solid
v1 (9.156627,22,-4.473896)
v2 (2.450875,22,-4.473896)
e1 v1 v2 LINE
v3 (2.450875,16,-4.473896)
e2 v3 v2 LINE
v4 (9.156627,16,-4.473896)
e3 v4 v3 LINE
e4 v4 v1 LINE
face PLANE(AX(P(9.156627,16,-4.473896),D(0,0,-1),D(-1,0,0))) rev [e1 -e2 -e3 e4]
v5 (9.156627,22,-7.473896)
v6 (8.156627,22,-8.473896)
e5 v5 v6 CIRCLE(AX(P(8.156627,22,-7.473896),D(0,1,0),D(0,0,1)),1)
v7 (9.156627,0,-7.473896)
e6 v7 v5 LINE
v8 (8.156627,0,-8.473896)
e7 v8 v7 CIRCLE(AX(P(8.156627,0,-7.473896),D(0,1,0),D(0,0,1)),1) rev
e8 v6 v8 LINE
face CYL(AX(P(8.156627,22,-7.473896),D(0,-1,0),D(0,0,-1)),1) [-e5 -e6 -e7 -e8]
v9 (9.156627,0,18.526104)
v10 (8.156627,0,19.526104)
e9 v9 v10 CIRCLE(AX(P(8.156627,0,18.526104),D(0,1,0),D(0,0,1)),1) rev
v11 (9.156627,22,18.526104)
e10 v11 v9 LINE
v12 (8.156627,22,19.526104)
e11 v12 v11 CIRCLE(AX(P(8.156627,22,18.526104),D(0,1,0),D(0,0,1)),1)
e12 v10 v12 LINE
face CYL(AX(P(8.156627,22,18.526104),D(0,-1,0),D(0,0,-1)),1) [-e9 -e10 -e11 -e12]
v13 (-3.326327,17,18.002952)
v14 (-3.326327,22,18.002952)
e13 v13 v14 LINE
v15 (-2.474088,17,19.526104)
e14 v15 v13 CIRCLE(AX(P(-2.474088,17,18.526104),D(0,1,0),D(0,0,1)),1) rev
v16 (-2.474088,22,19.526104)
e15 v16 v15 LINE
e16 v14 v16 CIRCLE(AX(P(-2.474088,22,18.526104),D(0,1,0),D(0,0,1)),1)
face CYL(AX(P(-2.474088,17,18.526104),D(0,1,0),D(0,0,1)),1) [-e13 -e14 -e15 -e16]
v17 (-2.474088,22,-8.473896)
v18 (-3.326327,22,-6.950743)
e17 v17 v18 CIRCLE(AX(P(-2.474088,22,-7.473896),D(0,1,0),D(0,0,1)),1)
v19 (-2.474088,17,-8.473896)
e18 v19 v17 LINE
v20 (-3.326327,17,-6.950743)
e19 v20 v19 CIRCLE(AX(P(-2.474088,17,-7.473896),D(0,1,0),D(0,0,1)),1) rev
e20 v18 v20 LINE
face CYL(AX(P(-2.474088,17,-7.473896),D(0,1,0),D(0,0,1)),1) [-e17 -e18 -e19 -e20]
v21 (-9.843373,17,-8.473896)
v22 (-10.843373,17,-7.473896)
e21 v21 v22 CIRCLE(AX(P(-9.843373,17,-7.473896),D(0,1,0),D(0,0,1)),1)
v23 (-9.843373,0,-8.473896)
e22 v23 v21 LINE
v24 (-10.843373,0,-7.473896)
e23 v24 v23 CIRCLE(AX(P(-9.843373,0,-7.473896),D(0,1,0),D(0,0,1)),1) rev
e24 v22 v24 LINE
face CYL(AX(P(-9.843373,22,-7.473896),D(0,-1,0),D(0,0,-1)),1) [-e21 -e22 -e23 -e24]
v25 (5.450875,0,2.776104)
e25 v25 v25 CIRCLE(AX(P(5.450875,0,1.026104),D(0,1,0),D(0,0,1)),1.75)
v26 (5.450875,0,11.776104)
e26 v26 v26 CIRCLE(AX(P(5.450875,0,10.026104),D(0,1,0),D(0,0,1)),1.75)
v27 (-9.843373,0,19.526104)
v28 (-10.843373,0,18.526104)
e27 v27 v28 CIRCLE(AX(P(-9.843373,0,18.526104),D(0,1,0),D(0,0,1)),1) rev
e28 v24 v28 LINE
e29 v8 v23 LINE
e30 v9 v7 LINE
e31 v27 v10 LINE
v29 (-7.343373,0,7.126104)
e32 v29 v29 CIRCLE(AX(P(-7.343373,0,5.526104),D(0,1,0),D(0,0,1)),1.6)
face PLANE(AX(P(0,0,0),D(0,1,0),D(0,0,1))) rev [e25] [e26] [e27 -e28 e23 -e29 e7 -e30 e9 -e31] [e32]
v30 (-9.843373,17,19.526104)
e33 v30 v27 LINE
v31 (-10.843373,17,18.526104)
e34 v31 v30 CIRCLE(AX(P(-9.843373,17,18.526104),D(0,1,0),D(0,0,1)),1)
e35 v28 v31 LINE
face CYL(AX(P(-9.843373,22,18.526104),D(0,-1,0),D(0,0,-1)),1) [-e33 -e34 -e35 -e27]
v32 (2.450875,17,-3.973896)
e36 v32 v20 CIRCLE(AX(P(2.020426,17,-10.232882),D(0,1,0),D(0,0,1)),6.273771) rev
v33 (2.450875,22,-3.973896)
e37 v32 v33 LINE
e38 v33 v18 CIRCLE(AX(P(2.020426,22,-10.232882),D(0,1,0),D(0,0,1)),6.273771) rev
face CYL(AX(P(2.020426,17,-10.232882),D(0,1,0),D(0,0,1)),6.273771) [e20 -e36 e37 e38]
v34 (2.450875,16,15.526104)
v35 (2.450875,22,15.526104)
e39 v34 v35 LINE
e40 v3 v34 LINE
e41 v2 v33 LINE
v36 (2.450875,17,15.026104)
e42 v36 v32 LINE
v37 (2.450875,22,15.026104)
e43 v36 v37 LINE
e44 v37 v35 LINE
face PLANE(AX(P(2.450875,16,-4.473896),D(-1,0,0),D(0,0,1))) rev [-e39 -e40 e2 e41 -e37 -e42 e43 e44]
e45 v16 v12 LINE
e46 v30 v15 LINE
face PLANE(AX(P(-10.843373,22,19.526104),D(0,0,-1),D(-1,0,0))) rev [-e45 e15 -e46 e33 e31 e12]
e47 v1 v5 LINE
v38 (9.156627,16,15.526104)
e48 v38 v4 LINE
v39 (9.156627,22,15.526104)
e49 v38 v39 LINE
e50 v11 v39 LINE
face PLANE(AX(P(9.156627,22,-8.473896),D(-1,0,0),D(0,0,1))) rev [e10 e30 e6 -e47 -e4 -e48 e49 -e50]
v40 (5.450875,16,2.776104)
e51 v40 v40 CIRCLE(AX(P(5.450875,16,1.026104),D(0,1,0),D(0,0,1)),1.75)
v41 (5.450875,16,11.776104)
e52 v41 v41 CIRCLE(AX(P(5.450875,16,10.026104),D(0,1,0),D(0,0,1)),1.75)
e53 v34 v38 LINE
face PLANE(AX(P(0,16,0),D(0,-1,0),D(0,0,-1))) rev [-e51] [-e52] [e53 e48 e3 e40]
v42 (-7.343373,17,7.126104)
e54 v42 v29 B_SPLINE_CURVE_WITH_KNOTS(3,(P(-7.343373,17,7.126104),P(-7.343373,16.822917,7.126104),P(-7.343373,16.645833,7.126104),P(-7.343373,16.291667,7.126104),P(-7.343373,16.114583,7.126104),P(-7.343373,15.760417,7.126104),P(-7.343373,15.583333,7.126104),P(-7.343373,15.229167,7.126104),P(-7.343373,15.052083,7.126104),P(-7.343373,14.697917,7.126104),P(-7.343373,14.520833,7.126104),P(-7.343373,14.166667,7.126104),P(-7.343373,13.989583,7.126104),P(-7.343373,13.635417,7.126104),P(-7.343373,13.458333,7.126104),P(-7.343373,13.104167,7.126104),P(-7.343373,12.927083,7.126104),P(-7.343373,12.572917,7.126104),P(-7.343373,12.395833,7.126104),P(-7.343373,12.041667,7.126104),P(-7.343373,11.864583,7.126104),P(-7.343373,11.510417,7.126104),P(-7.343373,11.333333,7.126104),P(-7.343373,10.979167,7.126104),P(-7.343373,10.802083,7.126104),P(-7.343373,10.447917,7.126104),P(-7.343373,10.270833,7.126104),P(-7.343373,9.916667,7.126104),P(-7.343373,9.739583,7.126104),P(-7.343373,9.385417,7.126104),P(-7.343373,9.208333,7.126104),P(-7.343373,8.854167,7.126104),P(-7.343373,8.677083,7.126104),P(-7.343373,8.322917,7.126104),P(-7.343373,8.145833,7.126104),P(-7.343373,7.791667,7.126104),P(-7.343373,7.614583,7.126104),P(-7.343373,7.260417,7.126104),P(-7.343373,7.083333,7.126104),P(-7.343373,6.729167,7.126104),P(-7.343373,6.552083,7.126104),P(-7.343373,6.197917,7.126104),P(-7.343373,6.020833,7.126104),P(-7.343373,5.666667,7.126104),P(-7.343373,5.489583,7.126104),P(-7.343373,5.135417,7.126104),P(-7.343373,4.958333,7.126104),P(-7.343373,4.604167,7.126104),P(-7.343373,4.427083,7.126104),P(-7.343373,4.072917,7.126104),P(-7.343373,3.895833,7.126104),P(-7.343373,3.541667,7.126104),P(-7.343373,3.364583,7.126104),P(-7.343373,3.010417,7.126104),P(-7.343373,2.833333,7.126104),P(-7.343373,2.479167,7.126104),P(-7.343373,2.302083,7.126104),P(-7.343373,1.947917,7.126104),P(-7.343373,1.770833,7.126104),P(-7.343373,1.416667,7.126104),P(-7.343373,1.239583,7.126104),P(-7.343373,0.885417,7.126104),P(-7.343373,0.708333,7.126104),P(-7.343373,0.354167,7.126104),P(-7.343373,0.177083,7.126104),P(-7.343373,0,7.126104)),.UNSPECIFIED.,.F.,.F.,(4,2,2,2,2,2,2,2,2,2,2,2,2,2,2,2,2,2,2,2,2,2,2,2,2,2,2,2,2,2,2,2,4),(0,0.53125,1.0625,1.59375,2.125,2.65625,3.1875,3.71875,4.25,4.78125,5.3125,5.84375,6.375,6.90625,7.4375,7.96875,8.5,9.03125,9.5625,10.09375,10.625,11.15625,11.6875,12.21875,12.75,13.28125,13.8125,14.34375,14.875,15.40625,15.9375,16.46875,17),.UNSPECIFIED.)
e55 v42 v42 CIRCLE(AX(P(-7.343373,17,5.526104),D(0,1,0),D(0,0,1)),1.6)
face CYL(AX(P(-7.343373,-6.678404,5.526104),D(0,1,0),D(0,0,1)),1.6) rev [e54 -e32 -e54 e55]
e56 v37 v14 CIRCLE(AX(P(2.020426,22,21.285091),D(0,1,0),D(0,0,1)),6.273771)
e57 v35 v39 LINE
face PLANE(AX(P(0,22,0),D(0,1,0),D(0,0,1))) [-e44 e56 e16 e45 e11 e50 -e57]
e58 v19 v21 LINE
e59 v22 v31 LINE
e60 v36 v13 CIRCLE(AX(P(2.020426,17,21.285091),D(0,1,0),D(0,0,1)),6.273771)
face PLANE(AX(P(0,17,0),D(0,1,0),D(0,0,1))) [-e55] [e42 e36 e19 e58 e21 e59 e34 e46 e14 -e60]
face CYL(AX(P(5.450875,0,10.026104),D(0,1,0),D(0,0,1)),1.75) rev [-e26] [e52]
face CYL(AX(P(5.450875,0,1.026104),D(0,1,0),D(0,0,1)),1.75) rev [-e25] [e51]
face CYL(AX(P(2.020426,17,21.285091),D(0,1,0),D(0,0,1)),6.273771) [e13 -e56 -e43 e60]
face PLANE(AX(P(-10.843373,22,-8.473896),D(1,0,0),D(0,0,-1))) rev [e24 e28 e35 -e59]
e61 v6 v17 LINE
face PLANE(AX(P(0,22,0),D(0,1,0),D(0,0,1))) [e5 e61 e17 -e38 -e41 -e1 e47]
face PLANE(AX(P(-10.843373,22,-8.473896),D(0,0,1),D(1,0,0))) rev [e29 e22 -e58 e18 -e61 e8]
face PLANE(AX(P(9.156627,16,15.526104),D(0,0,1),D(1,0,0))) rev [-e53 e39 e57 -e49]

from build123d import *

# Parameters (mm, degrees)
CROQUIS2_W              = 20
CROQUIS2_H              = 28
SALIENTE_EXTRUIR1_DEPTH = 22
CROQUIS3_W              = 6.705751287
CROQUIS3_H              = 20
CORTAR_EXTRUIR1_DEPTH   = 6
CORTAR_EXTRUIR2_DEPTH   = 5
CROQUIS6_R              = 1.6
CORTAR_EXTRUIR3_DEPTH   = 23.678404419
REDONDEO1_R             = 1
SKETCH1_R               = 1.75
CUT_EXTRUDE1_DEPTH      = 28.474488211


with BuildPart() as part:
    # Croquis2 → Saliente-Extruir1 (new body)
    with BuildSketch(Plane(origin=(0, 0, 0), x_dir=(1, 0, 0), z_dir=(0, 1, 0))):
        with Locations((-0.843373494, -5.526104418)):
            Rectangle(CROQUIS2_W, CROQUIS2_H)
    extrude(amount=SALIENTE_EXTRUIR1_DEPTH)

    # Croquis3 → Cortar-Extruir1 (cut)
    with BuildSketch(Plane(origin=(0, 22, 0), x_dir=(1, 0, 0), z_dir=(0, 1, 0))):
        with Locations((5.803750863, -5.526104418)):
            Rectangle(CROQUIS3_W, CROQUIS3_H)
    extrude(amount=-CORTAR_EXTRUIR1_DEPTH, mode=Mode.SUBTRACT)

    # Croquis5 → Cortar-Extruir2 (cut)
    with BuildSketch(Plane(origin=(0, 22, 0), x_dir=(1, 0, 0), z_dir=(0, 1, 0))):
        with BuildLine():
            Line((2.450875219, -15.026104418), (2.450875219, 3.973895582))
            ThreePointArc((2.450875219, 3.973895582), (2.020425803, 3.959111389), (1.589976387, 3.973895582))
            ThreePointArc((1.589976387, 3.973895582), (-1.912953919, 5.345273007), (-4.00171373, 8.473895582))
            Line((-4.00171373, 8.473895582), (-10.843373494, 8.473895582))
            Line((-10.843373494, 8.473895582), (-10.843373494, -19.526104418))
            Line((-10.843373494, -19.526104418), (-4.00171373, -19.526104418))
            ThreePointArc((-4.00171373, -19.526104418), (-1.912953919, -16.397481842), (1.589976387, -15.026104418))
            ThreePointArc((1.589976387, -15.026104418), (2.020425803, -15.011320225), (2.450875219, -15.026104418))
        make_face()
    extrude(amount=-CORTAR_EXTRUIR2_DEPTH, mode=Mode.SUBTRACT)

    # Croquis6 → Cortar-Extruir3 (cut)
    with BuildSketch(Plane(origin=(0, 17, 0), x_dir=(1, 0, 0), z_dir=(0, 1, 0))):
        with Locations(Location((-7.343373494, -5.526104418, 0), (0, 0, 270))):
            Circle(CROQUIS6_R)
    extrude(amount=-CORTAR_EXTRUIR3_DEPTH, mode=Mode.SUBTRACT)

    # Redondeo1
    redondeo1_edges = [part.edges().sort_by_distance(p)[0] for p in [
        (-10.843373494, 8.5, -8.473895582),
        (-10.843373494, 8.5, 19.526104418),
        (-4.00171373, 19.5, 19.526104418),
        (-4.00171373, 19.5, -8.473895582),
        (9.156626506, 11, -8.473895582),
        (9.156626506, 11, 19.526104418),
    ]]
    fillet(redondeo1_edges, radius=REDONDEO1_R)

    # Sketch1 → Cut-Extrude1 (cut, through all)
    with BuildSketch(Plane(origin=(0, 16, 0), x_dir=(1, 0, 0), z_dir=(0, 1, 0))):
        with Locations(Location((5.450875219, -1.026104418, 0), (0, 0, 270))):
            Circle(SKETCH1_R)
        with Locations(Location((5.450875219, -10.026104418, 0), (0, 0, 270))):
            Circle(SKETCH1_R)
    extrude(amount=-CUT_EXTRUDE1_DEPTH, mode=Mode.SUBTRACT)


solid = part.part
